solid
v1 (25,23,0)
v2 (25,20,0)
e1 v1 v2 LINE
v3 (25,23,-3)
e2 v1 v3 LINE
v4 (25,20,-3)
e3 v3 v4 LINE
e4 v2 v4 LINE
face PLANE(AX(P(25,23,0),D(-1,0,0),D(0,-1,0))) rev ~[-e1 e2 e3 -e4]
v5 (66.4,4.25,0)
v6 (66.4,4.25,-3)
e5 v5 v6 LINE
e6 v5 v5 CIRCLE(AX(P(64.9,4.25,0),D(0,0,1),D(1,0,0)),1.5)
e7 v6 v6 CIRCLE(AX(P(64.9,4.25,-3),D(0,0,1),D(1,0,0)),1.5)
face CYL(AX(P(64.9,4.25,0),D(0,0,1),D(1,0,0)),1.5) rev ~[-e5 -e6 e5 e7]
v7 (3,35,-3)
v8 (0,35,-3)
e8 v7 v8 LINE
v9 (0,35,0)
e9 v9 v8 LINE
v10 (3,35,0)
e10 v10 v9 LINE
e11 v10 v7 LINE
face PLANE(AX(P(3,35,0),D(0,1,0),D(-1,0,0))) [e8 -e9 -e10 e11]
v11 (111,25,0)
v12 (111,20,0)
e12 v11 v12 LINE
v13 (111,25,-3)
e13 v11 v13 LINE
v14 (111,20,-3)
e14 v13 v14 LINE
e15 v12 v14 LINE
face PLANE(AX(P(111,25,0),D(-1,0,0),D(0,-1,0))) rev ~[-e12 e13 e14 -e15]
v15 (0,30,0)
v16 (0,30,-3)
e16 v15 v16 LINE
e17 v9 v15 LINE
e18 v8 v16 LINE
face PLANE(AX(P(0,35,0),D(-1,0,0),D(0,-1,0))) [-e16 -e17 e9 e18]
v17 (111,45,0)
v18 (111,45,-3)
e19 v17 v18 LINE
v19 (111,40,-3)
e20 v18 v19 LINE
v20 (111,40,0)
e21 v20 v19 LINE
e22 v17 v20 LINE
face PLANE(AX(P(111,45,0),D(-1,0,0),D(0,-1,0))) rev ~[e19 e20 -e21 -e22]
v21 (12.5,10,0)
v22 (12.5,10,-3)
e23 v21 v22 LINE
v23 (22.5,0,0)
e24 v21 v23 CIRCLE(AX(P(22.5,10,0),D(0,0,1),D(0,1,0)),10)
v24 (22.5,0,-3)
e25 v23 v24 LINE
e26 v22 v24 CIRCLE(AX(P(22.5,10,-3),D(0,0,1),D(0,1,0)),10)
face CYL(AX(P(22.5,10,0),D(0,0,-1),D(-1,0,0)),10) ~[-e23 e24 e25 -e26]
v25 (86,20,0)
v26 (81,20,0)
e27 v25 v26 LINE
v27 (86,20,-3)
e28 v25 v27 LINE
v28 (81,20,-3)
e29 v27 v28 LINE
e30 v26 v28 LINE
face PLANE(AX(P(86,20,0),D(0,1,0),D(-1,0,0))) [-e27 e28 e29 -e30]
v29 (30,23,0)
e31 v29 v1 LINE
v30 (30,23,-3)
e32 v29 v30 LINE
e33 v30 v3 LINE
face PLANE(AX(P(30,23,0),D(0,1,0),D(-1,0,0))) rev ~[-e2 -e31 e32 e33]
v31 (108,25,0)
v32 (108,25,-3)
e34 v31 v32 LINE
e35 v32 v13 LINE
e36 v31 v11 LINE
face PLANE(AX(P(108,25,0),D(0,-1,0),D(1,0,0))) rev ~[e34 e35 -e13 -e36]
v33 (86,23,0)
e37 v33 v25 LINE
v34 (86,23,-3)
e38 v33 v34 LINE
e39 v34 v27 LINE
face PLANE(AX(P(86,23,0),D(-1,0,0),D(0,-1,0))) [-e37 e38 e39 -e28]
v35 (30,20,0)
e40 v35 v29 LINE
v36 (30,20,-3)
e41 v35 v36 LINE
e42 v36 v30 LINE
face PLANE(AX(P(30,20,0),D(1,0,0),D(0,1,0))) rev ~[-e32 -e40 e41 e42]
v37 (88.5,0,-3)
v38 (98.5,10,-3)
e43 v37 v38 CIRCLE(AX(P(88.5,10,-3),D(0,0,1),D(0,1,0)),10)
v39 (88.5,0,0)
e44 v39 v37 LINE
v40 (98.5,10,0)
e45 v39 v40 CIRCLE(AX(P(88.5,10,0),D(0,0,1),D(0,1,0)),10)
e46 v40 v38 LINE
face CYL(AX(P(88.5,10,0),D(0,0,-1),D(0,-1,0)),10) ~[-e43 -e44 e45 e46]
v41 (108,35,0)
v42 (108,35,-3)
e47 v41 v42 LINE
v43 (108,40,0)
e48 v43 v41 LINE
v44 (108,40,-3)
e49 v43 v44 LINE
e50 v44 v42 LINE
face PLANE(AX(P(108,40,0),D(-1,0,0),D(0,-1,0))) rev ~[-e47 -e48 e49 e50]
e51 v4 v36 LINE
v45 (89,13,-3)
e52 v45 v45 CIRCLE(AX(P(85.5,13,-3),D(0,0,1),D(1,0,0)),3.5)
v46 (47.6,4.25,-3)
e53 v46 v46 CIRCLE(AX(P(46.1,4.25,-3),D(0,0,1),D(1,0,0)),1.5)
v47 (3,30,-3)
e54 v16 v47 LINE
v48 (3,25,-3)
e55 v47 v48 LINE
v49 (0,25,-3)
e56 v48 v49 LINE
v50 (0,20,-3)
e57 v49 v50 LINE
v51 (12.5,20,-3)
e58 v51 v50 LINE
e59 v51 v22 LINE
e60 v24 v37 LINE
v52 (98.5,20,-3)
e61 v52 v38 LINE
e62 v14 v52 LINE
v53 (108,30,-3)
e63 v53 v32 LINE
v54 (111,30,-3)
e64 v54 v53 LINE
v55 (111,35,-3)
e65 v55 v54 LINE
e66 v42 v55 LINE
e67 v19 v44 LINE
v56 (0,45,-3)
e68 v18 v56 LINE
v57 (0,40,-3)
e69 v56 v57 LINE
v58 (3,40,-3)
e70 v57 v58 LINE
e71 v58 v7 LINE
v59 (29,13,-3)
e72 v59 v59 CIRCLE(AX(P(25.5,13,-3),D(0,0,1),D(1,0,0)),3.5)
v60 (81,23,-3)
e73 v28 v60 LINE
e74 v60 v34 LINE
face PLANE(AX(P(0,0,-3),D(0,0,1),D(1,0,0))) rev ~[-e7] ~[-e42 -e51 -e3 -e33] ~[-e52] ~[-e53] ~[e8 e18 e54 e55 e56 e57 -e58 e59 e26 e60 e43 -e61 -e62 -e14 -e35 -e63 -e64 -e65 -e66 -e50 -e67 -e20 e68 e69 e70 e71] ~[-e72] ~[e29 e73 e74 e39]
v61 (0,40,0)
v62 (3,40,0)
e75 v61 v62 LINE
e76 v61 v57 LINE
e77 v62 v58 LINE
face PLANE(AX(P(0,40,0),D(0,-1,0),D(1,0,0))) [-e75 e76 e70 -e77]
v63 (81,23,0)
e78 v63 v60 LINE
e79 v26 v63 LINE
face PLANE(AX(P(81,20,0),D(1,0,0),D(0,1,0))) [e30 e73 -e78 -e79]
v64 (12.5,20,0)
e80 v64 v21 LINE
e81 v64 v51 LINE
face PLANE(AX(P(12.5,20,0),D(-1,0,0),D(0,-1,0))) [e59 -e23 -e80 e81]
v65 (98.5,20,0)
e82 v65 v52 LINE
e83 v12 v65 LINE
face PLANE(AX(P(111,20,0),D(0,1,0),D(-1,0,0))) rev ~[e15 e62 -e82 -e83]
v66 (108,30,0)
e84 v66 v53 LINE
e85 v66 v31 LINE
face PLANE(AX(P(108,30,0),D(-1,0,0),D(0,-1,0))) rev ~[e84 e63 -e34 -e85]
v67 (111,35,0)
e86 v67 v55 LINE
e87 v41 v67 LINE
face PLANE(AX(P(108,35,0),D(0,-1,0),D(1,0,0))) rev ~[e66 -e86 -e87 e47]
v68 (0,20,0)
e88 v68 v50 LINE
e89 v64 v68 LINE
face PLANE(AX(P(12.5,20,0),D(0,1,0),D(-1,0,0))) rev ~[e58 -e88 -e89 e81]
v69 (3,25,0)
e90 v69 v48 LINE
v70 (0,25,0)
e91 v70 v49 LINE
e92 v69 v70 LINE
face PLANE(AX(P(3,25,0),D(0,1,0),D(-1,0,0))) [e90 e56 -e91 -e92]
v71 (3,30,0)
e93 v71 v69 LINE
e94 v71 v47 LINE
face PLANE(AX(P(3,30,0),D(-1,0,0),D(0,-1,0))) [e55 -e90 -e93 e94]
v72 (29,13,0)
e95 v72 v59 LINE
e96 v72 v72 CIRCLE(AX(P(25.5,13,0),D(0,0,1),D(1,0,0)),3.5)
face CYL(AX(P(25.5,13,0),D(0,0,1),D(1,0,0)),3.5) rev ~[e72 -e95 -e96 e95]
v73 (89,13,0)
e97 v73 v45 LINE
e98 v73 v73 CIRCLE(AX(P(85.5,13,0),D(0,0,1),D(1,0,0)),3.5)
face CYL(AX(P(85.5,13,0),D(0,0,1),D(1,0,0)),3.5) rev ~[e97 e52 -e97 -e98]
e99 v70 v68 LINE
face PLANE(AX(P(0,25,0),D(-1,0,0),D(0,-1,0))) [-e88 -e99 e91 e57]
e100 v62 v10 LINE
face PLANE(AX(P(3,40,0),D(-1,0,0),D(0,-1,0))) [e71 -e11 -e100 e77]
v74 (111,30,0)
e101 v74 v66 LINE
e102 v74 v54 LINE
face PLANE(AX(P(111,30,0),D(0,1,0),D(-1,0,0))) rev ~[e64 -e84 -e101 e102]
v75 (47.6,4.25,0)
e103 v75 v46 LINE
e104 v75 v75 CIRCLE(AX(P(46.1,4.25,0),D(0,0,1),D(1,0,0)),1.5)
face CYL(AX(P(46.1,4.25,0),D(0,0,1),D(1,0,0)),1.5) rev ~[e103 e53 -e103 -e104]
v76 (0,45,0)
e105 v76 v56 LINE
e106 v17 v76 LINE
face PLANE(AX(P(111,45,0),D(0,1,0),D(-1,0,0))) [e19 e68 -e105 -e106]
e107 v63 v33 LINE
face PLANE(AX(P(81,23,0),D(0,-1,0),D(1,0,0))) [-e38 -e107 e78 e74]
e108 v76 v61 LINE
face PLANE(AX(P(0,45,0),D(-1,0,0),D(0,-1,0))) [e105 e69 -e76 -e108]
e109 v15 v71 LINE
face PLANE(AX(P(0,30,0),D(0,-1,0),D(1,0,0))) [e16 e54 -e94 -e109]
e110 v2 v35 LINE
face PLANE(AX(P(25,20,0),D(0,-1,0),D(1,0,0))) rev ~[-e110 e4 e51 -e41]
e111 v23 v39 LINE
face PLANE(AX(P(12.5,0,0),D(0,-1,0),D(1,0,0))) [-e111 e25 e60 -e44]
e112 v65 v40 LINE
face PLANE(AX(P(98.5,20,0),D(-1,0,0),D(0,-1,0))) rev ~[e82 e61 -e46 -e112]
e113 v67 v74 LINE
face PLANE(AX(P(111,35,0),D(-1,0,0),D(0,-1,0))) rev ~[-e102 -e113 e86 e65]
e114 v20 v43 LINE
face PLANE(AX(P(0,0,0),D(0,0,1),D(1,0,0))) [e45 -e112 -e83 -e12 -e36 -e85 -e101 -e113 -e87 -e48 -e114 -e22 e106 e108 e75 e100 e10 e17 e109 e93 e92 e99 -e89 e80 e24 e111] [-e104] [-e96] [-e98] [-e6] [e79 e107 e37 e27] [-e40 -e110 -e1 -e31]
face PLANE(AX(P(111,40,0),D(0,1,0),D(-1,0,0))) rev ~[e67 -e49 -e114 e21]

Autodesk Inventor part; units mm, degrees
ref_plane "YZ Plane" through (0, 0, 0) normal (1, 0, 0) x (0, 1, 0)
ref_plane "XZ Plane" through (0, 0, 0) normal (0, 1, 0) x (-1, 0, 0)
ref_plane "XY Plane" through (0, 0, 0) normal (0, 0, 1) x (1, 0, 0)
sketch "Sketch1" plane through (0, 0, 0) normal (0, 0, 1) x (1, 0, 0)
  line L0 (12.5, 0) -> (98.5, 0)
  line L1 (111, 45) -> (0, 45)
  line L2 (12.5, 20) -> (12.5, 0)
  line L3 (111, 20) -> (98.5, 20) construction
  line L4 (111, 20) -> (98.5, 20)
  line L5 (98.5, 20) -> (98.5, 0)
  line L6 (12.5, 20) -> (0, 20)
  line L7 (12.5, 0) -> (25.5, 0) construction
  line L8 (12.5, 13) -> (12.5, 0) construction
  line L9 (98.5, 0) -> (85.5, 0) construction
  line L10 (98.5, 13) -> (98.5, 0) construction
  line L11 (0, 45) -> (0, 40)
  line L12 (0, 40) -> (3, 40)
  line L13 (3, 40) -> (3, 35)
  line L14 (3, 35) -> (0, 35)
  line L15 (0, 35) -> (0, 30)
  line L16 (0, 30) -> (3, 30)
  line L17 (3, 30) -> (3, 25)
  line L18 (3, 25) -> (0, 25)
  line L19 (0, 25) -> (0, 20)
  line L20 (0, 45) -> (0, 40)
  line L21 (0, 35) -> (0, 30)
  line L22 (0, 25) -> (0, 20)
  line L23 (111, 45) -> (111, 40)
  line L24 (111, 40) -> (108, 40)
  line L25 (108, 40) -> (108, 35)
  line L26 (108, 35) -> (111, 35)
  line L27 (111, 35) -> (111, 30)
  line L28 (111, 30) -> (108, 30)
  line L29 (108, 30) -> (108, 25)
  line L30 (108, 25) -> (111, 25)
  line L31 (111, 25) -> (111, 20)
  line L32 (111, 40) -> (111, 45)
  line L33 (111, 20) -> (111, 25)
  line L34 (111, 30) -> (111, 35)
  circle A0 centre (25.5, 13) radius 3.5
  circle A1 centre (85.5, 13) radius 3.5
  dimension "d52" = 7
  dimension "d53" = 7
extrude "Extrusion1" add sketch "Sketch1" against normal blind 3 contours L2 L6 L19 L18 L17 L16 L15 L14 L13 L12 L11 L1 L23 L24 L25 L26 L27 L28 L29 L30 L31 L4 L5 L0 | A0 | A1
fillet "Fillet1" radius 10 2 edges at (12.5, 0, -1.5) (98.5, 0, -1.5)
sketch "Sketch2" plane through (0, 0, 0) normal (0, 0, 1) x (1, 0, 0)
  line L0 (25, 20) -> (30, 20)
  line L1 (30, 20) -> (30, 23)
  line L2 (30, 23) -> (25, 23)
  line L3 (25, 23) -> (25, 20)
  line L4 (86, 20) -> (81, 20)
  line L5 (81, 20) -> (81, 23)
  line L6 (81, 23) -> (86, 23)
  line L7 (86, 23) -> (86, 20)
  point P0 (0, 0)
  point P1 (0, 20)
  point P2 (111, 20)
  dimension "d32" = 5
  dimension "d33" = 3
  dimension "d34" = 5
  dimension "d35" = 25
  dimension "d36" = 5
  dimension "d37" = 3
  dimension "d38" = 5
extrude "Extrusion3" cut sketch "Sketch2" against normal blind 10
sketch "Sketch3" plane through (0, 0, 0) normal (0, 0, 1) x (1, 0, 0)
  circle A0 centre (64.9, 4.25) radius 1.5
  line L0 (0, 45) -> (111, 45) projected
  circle A1 centre (46.1, 4.25) radius 1.5
  point P0 (0, 0)
  point P1 (85.5, 13)
  dimension "d49" = 3
  dimension "d50" = 3
extrude "Extrusion4" cut sketch "Sketch3" against normal blind 10
extrude "Extrusion5" cut sketch "Sketch1" against normal blind 10 contours A0 | A1
properties part number "Zijkant"
